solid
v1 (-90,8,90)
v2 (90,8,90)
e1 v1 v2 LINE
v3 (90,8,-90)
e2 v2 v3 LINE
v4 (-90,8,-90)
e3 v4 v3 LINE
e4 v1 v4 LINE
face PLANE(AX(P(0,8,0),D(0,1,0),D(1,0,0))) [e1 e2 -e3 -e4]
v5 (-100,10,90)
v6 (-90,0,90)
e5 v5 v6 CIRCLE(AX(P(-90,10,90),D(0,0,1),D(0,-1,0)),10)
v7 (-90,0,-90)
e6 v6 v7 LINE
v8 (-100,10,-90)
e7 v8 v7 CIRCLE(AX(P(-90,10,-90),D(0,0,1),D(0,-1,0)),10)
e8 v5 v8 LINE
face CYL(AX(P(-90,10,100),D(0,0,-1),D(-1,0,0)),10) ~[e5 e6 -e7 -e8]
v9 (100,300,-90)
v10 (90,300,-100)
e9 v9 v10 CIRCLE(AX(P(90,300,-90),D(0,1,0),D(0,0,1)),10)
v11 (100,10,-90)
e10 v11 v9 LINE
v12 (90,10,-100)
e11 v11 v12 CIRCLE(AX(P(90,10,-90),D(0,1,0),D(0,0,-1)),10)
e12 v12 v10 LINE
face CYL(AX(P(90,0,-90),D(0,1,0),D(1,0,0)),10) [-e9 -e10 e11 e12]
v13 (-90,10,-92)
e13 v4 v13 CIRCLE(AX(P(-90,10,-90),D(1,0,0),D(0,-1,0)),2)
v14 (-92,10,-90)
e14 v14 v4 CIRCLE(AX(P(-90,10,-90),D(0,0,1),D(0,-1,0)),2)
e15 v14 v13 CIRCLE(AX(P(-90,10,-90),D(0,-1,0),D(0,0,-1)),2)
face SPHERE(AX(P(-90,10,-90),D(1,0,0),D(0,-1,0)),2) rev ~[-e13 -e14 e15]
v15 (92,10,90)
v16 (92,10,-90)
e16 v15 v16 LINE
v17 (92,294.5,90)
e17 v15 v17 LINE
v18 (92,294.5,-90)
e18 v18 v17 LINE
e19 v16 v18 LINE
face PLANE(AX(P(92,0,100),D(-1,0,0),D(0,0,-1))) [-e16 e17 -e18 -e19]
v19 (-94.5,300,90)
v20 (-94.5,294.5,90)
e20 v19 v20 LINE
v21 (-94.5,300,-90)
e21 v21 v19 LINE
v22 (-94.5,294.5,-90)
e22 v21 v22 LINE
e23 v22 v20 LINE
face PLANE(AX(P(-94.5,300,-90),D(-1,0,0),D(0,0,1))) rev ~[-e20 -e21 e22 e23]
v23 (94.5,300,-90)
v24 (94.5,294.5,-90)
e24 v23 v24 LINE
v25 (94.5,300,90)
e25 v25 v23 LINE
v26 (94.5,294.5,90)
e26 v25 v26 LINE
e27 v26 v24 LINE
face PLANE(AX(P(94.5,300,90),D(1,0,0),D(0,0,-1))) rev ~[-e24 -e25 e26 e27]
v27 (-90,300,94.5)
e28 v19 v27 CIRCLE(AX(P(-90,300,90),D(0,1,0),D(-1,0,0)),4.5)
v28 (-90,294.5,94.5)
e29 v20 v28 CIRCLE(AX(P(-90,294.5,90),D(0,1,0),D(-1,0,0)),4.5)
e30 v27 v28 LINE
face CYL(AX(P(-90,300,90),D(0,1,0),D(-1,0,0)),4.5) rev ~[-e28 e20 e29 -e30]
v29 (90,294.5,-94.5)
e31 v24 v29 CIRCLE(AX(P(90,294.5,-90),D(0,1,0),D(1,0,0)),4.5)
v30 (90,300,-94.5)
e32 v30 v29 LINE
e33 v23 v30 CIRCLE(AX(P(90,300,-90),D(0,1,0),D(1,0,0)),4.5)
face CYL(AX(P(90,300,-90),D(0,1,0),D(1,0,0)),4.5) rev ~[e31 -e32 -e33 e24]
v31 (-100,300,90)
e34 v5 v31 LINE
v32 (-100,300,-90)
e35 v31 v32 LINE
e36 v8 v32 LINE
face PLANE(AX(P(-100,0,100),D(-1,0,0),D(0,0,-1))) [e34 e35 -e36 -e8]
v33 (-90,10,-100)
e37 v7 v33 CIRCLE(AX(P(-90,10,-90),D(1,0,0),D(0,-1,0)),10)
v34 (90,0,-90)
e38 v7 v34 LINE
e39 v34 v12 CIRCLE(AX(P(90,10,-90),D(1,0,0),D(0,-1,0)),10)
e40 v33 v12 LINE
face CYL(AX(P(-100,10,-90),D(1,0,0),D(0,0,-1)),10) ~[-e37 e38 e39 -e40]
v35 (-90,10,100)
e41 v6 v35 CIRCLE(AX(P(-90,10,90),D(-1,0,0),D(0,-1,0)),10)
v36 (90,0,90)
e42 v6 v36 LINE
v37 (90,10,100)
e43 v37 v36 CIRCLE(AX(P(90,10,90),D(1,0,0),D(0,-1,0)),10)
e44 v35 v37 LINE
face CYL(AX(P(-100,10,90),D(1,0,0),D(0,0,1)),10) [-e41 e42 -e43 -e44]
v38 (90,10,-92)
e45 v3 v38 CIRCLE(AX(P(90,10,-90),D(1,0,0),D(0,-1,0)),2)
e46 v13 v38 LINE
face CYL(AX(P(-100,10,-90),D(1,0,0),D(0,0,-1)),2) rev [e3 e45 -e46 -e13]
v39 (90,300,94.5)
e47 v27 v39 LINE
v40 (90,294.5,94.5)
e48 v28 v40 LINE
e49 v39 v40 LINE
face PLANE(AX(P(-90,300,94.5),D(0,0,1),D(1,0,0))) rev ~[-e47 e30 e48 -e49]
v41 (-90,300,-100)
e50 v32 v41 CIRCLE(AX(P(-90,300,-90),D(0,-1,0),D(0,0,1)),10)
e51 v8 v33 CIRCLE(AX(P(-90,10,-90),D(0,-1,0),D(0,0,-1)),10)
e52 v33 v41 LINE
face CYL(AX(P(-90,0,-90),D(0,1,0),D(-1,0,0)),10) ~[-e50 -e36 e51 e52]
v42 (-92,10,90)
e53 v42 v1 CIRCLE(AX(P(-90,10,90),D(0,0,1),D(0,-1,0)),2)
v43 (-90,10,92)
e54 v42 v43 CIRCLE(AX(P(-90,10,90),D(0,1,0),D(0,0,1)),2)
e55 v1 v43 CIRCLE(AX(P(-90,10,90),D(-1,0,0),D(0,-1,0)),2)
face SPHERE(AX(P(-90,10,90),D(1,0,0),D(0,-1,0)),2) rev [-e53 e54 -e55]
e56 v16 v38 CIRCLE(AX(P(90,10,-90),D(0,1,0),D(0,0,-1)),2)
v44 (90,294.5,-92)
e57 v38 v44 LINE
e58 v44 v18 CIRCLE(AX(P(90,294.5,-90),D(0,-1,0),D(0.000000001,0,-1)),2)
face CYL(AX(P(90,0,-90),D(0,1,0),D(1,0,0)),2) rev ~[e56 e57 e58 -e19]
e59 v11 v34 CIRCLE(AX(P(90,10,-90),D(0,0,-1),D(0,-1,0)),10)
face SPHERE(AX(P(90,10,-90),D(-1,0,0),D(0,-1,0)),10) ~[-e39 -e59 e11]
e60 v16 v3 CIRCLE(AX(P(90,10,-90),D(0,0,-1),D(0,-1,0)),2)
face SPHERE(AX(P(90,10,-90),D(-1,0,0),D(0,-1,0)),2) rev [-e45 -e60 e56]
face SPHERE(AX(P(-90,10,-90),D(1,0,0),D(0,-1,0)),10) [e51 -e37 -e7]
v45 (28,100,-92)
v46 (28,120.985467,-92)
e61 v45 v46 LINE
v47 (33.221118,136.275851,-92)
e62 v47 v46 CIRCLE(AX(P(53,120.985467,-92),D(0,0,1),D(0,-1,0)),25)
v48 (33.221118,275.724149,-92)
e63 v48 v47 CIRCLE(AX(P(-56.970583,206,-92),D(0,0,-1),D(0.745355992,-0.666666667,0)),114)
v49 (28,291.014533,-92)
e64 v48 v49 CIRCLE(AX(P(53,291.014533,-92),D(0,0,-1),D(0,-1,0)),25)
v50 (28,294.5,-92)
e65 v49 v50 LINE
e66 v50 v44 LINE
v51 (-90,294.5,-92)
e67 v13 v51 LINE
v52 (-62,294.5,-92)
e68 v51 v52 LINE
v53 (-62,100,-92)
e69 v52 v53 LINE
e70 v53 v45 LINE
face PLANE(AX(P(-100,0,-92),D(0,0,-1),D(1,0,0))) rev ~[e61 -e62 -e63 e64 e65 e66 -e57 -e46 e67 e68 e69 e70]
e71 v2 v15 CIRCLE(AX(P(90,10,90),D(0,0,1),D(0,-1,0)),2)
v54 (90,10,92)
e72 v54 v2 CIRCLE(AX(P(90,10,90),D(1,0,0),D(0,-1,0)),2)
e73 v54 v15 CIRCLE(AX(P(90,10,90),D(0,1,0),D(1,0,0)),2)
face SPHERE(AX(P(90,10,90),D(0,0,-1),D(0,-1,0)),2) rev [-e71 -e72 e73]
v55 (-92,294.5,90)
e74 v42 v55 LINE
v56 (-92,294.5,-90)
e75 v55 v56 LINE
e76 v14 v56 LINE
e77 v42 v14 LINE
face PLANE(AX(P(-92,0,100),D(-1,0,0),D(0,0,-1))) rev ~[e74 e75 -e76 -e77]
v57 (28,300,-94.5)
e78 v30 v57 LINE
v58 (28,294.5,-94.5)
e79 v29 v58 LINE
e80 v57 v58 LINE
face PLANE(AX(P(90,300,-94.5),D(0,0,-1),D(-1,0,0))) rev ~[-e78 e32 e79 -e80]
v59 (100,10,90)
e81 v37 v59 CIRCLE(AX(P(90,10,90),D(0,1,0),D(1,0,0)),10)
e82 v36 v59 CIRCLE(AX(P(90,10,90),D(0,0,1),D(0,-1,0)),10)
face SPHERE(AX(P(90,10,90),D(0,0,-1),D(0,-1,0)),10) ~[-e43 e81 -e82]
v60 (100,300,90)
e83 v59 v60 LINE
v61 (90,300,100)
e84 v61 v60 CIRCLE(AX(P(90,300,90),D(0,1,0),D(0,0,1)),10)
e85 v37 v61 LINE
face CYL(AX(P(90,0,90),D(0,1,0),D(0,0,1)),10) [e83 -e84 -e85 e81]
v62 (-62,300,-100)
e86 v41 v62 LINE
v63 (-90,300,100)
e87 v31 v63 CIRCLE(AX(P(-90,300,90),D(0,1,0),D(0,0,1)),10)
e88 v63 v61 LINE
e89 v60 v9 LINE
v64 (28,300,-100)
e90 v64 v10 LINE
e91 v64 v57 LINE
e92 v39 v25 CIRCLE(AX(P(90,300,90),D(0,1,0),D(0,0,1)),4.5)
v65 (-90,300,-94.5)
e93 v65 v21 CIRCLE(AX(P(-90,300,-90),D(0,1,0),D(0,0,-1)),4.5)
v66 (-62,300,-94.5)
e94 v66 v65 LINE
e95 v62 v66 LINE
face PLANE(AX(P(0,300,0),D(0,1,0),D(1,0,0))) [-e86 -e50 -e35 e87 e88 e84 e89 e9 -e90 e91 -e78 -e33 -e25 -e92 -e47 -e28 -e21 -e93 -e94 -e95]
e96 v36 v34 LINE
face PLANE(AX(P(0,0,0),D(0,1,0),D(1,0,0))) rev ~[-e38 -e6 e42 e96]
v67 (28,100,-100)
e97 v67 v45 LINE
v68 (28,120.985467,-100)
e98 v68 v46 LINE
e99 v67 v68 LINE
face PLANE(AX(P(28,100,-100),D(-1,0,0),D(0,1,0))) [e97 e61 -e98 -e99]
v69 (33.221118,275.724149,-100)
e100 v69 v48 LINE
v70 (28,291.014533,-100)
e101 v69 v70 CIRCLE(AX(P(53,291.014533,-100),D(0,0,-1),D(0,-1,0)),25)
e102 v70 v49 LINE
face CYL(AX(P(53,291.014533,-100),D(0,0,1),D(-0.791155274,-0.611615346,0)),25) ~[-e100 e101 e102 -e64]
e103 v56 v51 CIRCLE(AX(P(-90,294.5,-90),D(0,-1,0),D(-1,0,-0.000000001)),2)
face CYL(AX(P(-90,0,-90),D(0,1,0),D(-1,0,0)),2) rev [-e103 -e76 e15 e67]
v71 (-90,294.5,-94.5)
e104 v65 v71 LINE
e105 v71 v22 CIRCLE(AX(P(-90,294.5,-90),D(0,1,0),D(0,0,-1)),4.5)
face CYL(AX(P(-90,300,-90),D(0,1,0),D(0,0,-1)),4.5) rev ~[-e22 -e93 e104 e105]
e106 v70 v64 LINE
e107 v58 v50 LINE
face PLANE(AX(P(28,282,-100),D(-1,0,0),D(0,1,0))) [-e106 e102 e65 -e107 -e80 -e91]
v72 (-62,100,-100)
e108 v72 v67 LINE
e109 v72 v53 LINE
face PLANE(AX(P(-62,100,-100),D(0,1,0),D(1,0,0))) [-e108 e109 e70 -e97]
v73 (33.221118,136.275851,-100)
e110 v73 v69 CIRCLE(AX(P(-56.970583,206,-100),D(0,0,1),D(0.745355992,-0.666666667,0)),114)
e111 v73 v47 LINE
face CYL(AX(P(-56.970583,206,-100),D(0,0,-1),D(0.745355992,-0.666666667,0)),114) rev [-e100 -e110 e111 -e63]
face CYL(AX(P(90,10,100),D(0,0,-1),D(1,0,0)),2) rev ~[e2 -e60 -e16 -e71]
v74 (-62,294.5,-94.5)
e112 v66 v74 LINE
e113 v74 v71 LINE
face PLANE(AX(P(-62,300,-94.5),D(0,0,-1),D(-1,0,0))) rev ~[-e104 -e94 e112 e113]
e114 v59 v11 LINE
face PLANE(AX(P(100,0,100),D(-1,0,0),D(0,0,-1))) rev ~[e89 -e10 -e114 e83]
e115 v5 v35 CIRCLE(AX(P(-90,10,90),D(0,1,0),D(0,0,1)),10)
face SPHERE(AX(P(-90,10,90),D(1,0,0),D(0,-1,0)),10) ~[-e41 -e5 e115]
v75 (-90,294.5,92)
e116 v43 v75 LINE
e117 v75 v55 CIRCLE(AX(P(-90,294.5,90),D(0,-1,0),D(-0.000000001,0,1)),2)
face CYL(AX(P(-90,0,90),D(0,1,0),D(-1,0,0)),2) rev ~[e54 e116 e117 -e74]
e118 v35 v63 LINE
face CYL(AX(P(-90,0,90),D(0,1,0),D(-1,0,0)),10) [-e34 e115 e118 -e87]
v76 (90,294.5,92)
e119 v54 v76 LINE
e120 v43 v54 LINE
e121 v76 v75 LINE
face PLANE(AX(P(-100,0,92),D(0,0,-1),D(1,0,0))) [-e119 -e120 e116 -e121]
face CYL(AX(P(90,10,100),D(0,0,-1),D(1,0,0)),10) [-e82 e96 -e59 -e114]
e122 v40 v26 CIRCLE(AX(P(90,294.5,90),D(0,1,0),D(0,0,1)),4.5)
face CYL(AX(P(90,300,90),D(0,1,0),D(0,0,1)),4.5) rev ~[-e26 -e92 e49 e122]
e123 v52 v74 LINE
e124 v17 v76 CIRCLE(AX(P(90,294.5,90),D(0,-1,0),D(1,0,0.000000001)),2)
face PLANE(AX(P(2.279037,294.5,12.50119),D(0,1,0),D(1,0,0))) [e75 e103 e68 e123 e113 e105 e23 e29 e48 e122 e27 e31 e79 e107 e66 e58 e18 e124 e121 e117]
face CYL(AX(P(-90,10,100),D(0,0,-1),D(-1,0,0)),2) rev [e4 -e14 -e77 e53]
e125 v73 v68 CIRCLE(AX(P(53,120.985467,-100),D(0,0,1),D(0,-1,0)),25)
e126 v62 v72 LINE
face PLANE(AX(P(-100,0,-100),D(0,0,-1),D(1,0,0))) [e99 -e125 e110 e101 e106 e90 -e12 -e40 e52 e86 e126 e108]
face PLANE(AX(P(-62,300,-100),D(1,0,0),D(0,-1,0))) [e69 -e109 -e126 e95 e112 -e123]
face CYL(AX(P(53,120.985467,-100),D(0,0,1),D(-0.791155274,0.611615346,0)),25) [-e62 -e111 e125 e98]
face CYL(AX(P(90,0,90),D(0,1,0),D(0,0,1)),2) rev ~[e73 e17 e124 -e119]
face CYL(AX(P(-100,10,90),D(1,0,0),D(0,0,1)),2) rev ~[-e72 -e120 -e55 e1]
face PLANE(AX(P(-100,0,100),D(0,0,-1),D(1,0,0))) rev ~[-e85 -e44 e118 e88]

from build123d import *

# Parameters (mm, degrees)
SKETCH1_W           = 200
SKETCH1_H           = 200
BOSS_EXTRUDE1_DEPTH = 300
FILLET1_R           = 10
SHELL1_T            = -8
CUT_EXTRUDE1_DEPTH  = 44
FILLET2_R           = 25
FILLET3_R           = 25
CUT_EXTRUDE2_DEPTH  = 5.5


with BuildPart() as part:
    # Sketch1 → Boss-Extrude1 (new body)
    with BuildSketch(Plane(origin=(0, 0, 0), x_dir=(1, 0, 0), z_dir=(0, 1, 0))):
        Rectangle(SKETCH1_W, SKETCH1_H)
    extrude(amount=BOSS_EXTRUDE1_DEPTH)

    # Fillet1
    fillet1_edges = [part.edges().sort_by_distance(p)[0] for p in [
        (0, 0, -100),
        (100, 0, 0),
        (0, 0, 100),
        (-100, 0, 0),
        (-100, 150, -100),
        (100, 150, -100),
        (100, 150, 100),
        (-100, 150, 100),
    ]]
    fillet(fillet1_edges, radius=FILLET1_R)

    # Shell1
    shell1_openings = [part.faces().sort_by_distance(p)[0] for p in [
        (0, 300, 0),
    ]]
    offset(amount=SHELL1_T, openings=shell1_openings, kind=Kind.INTERSECTION)

    # Sketch2 → Cut-Extrude1 (cut)
    with BuildSketch(Plane(origin=(0, 0, -100), x_dir=(-1, 0, 0), z_dir=(0, 0, -1))):
        with BuildLine():
            Line((62, 100), (-28, 100))
            Line((-28, 100), (-28, 130))
            ThreePointArc((-28, 130), (-57.029416855, 206), (-28, 282))
            Line((-28, 282), (-28, 300))
            Line((-28, 300), (62, 300))
            Line((62, 300), (62, 100))
        make_face()
    extrude(amount=-CUT_EXTRUDE1_DEPTH, mode=Mode.SUBTRACT)

    # Fillet2
    fillet2_edges = [part.edges().sort_by_distance(p)[0] for p in [
        (28, 130, -96),
    ]]
    fillet(fillet2_edges, radius=FILLET2_R)

    # Fillet3
    fillet3_edges = [part.edges().sort_by_distance(p)[0] for p in [
        (28, 282, -96),
    ]]
    fillet(fillet3_edges, radius=FILLET3_R)

    # Sketch3 → Cut-Extrude2 (cut)
    with BuildSketch(Plane(origin=(0, 300, 0), x_dir=(1, 0, 0), z_dir=(0, 1, 0))):
        with BuildLine():
            Line((28, 92), (90, 92))
            ThreePointArc((90, 92), (91.414213562, 91.414213562), (92, 90))
            Line((92, 90), (92, -90))
            ThreePointArc((92, -90), (91.414213562, -91.414213562), (90, -92))
            Line((90, -92), (-90, -92))
            ThreePointArc((-90, -92), (-91.414213562, -91.414213562), (-92, -90))
            Line((-92, -90), (-92, 90))
            ThreePointArc((-92, 90), (-91.414213562, 91.414213562), (-90, 92))
            Line((-90, 92), (-62, 92))
            Line((-62, 92), (-62, 94.5))
            Line((-62, 94.5), (-90, 94.5))
            ThreePointArc((-90, 94.5), (-93.181980515, 93.181980515), (-94.5, 90))
            Line((-94.5, 90), (-94.5, -90))
            ThreePointArc((-94.5, -90), (-93.181980515, -93.181980515), (-90, -94.5))
            Line((-90, -94.5), (90, -94.5))
            ThreePointArc((90, -94.5), (93.181980515, -93.181980515), (94.5, -90))
            Line((94.5, -90), (94.5, 90))
            ThreePointArc((94.5, 90), (93.181980515, 93.181980515), (90, 94.5))
            Line((90, 94.5), (28, 94.5))
            Line((28, 94.5), (28, 92))
        make_face()
    extrude(amount=-CUT_EXTRUDE2_DEPTH, mode=Mode.SUBTRACT)


solid = part.part
